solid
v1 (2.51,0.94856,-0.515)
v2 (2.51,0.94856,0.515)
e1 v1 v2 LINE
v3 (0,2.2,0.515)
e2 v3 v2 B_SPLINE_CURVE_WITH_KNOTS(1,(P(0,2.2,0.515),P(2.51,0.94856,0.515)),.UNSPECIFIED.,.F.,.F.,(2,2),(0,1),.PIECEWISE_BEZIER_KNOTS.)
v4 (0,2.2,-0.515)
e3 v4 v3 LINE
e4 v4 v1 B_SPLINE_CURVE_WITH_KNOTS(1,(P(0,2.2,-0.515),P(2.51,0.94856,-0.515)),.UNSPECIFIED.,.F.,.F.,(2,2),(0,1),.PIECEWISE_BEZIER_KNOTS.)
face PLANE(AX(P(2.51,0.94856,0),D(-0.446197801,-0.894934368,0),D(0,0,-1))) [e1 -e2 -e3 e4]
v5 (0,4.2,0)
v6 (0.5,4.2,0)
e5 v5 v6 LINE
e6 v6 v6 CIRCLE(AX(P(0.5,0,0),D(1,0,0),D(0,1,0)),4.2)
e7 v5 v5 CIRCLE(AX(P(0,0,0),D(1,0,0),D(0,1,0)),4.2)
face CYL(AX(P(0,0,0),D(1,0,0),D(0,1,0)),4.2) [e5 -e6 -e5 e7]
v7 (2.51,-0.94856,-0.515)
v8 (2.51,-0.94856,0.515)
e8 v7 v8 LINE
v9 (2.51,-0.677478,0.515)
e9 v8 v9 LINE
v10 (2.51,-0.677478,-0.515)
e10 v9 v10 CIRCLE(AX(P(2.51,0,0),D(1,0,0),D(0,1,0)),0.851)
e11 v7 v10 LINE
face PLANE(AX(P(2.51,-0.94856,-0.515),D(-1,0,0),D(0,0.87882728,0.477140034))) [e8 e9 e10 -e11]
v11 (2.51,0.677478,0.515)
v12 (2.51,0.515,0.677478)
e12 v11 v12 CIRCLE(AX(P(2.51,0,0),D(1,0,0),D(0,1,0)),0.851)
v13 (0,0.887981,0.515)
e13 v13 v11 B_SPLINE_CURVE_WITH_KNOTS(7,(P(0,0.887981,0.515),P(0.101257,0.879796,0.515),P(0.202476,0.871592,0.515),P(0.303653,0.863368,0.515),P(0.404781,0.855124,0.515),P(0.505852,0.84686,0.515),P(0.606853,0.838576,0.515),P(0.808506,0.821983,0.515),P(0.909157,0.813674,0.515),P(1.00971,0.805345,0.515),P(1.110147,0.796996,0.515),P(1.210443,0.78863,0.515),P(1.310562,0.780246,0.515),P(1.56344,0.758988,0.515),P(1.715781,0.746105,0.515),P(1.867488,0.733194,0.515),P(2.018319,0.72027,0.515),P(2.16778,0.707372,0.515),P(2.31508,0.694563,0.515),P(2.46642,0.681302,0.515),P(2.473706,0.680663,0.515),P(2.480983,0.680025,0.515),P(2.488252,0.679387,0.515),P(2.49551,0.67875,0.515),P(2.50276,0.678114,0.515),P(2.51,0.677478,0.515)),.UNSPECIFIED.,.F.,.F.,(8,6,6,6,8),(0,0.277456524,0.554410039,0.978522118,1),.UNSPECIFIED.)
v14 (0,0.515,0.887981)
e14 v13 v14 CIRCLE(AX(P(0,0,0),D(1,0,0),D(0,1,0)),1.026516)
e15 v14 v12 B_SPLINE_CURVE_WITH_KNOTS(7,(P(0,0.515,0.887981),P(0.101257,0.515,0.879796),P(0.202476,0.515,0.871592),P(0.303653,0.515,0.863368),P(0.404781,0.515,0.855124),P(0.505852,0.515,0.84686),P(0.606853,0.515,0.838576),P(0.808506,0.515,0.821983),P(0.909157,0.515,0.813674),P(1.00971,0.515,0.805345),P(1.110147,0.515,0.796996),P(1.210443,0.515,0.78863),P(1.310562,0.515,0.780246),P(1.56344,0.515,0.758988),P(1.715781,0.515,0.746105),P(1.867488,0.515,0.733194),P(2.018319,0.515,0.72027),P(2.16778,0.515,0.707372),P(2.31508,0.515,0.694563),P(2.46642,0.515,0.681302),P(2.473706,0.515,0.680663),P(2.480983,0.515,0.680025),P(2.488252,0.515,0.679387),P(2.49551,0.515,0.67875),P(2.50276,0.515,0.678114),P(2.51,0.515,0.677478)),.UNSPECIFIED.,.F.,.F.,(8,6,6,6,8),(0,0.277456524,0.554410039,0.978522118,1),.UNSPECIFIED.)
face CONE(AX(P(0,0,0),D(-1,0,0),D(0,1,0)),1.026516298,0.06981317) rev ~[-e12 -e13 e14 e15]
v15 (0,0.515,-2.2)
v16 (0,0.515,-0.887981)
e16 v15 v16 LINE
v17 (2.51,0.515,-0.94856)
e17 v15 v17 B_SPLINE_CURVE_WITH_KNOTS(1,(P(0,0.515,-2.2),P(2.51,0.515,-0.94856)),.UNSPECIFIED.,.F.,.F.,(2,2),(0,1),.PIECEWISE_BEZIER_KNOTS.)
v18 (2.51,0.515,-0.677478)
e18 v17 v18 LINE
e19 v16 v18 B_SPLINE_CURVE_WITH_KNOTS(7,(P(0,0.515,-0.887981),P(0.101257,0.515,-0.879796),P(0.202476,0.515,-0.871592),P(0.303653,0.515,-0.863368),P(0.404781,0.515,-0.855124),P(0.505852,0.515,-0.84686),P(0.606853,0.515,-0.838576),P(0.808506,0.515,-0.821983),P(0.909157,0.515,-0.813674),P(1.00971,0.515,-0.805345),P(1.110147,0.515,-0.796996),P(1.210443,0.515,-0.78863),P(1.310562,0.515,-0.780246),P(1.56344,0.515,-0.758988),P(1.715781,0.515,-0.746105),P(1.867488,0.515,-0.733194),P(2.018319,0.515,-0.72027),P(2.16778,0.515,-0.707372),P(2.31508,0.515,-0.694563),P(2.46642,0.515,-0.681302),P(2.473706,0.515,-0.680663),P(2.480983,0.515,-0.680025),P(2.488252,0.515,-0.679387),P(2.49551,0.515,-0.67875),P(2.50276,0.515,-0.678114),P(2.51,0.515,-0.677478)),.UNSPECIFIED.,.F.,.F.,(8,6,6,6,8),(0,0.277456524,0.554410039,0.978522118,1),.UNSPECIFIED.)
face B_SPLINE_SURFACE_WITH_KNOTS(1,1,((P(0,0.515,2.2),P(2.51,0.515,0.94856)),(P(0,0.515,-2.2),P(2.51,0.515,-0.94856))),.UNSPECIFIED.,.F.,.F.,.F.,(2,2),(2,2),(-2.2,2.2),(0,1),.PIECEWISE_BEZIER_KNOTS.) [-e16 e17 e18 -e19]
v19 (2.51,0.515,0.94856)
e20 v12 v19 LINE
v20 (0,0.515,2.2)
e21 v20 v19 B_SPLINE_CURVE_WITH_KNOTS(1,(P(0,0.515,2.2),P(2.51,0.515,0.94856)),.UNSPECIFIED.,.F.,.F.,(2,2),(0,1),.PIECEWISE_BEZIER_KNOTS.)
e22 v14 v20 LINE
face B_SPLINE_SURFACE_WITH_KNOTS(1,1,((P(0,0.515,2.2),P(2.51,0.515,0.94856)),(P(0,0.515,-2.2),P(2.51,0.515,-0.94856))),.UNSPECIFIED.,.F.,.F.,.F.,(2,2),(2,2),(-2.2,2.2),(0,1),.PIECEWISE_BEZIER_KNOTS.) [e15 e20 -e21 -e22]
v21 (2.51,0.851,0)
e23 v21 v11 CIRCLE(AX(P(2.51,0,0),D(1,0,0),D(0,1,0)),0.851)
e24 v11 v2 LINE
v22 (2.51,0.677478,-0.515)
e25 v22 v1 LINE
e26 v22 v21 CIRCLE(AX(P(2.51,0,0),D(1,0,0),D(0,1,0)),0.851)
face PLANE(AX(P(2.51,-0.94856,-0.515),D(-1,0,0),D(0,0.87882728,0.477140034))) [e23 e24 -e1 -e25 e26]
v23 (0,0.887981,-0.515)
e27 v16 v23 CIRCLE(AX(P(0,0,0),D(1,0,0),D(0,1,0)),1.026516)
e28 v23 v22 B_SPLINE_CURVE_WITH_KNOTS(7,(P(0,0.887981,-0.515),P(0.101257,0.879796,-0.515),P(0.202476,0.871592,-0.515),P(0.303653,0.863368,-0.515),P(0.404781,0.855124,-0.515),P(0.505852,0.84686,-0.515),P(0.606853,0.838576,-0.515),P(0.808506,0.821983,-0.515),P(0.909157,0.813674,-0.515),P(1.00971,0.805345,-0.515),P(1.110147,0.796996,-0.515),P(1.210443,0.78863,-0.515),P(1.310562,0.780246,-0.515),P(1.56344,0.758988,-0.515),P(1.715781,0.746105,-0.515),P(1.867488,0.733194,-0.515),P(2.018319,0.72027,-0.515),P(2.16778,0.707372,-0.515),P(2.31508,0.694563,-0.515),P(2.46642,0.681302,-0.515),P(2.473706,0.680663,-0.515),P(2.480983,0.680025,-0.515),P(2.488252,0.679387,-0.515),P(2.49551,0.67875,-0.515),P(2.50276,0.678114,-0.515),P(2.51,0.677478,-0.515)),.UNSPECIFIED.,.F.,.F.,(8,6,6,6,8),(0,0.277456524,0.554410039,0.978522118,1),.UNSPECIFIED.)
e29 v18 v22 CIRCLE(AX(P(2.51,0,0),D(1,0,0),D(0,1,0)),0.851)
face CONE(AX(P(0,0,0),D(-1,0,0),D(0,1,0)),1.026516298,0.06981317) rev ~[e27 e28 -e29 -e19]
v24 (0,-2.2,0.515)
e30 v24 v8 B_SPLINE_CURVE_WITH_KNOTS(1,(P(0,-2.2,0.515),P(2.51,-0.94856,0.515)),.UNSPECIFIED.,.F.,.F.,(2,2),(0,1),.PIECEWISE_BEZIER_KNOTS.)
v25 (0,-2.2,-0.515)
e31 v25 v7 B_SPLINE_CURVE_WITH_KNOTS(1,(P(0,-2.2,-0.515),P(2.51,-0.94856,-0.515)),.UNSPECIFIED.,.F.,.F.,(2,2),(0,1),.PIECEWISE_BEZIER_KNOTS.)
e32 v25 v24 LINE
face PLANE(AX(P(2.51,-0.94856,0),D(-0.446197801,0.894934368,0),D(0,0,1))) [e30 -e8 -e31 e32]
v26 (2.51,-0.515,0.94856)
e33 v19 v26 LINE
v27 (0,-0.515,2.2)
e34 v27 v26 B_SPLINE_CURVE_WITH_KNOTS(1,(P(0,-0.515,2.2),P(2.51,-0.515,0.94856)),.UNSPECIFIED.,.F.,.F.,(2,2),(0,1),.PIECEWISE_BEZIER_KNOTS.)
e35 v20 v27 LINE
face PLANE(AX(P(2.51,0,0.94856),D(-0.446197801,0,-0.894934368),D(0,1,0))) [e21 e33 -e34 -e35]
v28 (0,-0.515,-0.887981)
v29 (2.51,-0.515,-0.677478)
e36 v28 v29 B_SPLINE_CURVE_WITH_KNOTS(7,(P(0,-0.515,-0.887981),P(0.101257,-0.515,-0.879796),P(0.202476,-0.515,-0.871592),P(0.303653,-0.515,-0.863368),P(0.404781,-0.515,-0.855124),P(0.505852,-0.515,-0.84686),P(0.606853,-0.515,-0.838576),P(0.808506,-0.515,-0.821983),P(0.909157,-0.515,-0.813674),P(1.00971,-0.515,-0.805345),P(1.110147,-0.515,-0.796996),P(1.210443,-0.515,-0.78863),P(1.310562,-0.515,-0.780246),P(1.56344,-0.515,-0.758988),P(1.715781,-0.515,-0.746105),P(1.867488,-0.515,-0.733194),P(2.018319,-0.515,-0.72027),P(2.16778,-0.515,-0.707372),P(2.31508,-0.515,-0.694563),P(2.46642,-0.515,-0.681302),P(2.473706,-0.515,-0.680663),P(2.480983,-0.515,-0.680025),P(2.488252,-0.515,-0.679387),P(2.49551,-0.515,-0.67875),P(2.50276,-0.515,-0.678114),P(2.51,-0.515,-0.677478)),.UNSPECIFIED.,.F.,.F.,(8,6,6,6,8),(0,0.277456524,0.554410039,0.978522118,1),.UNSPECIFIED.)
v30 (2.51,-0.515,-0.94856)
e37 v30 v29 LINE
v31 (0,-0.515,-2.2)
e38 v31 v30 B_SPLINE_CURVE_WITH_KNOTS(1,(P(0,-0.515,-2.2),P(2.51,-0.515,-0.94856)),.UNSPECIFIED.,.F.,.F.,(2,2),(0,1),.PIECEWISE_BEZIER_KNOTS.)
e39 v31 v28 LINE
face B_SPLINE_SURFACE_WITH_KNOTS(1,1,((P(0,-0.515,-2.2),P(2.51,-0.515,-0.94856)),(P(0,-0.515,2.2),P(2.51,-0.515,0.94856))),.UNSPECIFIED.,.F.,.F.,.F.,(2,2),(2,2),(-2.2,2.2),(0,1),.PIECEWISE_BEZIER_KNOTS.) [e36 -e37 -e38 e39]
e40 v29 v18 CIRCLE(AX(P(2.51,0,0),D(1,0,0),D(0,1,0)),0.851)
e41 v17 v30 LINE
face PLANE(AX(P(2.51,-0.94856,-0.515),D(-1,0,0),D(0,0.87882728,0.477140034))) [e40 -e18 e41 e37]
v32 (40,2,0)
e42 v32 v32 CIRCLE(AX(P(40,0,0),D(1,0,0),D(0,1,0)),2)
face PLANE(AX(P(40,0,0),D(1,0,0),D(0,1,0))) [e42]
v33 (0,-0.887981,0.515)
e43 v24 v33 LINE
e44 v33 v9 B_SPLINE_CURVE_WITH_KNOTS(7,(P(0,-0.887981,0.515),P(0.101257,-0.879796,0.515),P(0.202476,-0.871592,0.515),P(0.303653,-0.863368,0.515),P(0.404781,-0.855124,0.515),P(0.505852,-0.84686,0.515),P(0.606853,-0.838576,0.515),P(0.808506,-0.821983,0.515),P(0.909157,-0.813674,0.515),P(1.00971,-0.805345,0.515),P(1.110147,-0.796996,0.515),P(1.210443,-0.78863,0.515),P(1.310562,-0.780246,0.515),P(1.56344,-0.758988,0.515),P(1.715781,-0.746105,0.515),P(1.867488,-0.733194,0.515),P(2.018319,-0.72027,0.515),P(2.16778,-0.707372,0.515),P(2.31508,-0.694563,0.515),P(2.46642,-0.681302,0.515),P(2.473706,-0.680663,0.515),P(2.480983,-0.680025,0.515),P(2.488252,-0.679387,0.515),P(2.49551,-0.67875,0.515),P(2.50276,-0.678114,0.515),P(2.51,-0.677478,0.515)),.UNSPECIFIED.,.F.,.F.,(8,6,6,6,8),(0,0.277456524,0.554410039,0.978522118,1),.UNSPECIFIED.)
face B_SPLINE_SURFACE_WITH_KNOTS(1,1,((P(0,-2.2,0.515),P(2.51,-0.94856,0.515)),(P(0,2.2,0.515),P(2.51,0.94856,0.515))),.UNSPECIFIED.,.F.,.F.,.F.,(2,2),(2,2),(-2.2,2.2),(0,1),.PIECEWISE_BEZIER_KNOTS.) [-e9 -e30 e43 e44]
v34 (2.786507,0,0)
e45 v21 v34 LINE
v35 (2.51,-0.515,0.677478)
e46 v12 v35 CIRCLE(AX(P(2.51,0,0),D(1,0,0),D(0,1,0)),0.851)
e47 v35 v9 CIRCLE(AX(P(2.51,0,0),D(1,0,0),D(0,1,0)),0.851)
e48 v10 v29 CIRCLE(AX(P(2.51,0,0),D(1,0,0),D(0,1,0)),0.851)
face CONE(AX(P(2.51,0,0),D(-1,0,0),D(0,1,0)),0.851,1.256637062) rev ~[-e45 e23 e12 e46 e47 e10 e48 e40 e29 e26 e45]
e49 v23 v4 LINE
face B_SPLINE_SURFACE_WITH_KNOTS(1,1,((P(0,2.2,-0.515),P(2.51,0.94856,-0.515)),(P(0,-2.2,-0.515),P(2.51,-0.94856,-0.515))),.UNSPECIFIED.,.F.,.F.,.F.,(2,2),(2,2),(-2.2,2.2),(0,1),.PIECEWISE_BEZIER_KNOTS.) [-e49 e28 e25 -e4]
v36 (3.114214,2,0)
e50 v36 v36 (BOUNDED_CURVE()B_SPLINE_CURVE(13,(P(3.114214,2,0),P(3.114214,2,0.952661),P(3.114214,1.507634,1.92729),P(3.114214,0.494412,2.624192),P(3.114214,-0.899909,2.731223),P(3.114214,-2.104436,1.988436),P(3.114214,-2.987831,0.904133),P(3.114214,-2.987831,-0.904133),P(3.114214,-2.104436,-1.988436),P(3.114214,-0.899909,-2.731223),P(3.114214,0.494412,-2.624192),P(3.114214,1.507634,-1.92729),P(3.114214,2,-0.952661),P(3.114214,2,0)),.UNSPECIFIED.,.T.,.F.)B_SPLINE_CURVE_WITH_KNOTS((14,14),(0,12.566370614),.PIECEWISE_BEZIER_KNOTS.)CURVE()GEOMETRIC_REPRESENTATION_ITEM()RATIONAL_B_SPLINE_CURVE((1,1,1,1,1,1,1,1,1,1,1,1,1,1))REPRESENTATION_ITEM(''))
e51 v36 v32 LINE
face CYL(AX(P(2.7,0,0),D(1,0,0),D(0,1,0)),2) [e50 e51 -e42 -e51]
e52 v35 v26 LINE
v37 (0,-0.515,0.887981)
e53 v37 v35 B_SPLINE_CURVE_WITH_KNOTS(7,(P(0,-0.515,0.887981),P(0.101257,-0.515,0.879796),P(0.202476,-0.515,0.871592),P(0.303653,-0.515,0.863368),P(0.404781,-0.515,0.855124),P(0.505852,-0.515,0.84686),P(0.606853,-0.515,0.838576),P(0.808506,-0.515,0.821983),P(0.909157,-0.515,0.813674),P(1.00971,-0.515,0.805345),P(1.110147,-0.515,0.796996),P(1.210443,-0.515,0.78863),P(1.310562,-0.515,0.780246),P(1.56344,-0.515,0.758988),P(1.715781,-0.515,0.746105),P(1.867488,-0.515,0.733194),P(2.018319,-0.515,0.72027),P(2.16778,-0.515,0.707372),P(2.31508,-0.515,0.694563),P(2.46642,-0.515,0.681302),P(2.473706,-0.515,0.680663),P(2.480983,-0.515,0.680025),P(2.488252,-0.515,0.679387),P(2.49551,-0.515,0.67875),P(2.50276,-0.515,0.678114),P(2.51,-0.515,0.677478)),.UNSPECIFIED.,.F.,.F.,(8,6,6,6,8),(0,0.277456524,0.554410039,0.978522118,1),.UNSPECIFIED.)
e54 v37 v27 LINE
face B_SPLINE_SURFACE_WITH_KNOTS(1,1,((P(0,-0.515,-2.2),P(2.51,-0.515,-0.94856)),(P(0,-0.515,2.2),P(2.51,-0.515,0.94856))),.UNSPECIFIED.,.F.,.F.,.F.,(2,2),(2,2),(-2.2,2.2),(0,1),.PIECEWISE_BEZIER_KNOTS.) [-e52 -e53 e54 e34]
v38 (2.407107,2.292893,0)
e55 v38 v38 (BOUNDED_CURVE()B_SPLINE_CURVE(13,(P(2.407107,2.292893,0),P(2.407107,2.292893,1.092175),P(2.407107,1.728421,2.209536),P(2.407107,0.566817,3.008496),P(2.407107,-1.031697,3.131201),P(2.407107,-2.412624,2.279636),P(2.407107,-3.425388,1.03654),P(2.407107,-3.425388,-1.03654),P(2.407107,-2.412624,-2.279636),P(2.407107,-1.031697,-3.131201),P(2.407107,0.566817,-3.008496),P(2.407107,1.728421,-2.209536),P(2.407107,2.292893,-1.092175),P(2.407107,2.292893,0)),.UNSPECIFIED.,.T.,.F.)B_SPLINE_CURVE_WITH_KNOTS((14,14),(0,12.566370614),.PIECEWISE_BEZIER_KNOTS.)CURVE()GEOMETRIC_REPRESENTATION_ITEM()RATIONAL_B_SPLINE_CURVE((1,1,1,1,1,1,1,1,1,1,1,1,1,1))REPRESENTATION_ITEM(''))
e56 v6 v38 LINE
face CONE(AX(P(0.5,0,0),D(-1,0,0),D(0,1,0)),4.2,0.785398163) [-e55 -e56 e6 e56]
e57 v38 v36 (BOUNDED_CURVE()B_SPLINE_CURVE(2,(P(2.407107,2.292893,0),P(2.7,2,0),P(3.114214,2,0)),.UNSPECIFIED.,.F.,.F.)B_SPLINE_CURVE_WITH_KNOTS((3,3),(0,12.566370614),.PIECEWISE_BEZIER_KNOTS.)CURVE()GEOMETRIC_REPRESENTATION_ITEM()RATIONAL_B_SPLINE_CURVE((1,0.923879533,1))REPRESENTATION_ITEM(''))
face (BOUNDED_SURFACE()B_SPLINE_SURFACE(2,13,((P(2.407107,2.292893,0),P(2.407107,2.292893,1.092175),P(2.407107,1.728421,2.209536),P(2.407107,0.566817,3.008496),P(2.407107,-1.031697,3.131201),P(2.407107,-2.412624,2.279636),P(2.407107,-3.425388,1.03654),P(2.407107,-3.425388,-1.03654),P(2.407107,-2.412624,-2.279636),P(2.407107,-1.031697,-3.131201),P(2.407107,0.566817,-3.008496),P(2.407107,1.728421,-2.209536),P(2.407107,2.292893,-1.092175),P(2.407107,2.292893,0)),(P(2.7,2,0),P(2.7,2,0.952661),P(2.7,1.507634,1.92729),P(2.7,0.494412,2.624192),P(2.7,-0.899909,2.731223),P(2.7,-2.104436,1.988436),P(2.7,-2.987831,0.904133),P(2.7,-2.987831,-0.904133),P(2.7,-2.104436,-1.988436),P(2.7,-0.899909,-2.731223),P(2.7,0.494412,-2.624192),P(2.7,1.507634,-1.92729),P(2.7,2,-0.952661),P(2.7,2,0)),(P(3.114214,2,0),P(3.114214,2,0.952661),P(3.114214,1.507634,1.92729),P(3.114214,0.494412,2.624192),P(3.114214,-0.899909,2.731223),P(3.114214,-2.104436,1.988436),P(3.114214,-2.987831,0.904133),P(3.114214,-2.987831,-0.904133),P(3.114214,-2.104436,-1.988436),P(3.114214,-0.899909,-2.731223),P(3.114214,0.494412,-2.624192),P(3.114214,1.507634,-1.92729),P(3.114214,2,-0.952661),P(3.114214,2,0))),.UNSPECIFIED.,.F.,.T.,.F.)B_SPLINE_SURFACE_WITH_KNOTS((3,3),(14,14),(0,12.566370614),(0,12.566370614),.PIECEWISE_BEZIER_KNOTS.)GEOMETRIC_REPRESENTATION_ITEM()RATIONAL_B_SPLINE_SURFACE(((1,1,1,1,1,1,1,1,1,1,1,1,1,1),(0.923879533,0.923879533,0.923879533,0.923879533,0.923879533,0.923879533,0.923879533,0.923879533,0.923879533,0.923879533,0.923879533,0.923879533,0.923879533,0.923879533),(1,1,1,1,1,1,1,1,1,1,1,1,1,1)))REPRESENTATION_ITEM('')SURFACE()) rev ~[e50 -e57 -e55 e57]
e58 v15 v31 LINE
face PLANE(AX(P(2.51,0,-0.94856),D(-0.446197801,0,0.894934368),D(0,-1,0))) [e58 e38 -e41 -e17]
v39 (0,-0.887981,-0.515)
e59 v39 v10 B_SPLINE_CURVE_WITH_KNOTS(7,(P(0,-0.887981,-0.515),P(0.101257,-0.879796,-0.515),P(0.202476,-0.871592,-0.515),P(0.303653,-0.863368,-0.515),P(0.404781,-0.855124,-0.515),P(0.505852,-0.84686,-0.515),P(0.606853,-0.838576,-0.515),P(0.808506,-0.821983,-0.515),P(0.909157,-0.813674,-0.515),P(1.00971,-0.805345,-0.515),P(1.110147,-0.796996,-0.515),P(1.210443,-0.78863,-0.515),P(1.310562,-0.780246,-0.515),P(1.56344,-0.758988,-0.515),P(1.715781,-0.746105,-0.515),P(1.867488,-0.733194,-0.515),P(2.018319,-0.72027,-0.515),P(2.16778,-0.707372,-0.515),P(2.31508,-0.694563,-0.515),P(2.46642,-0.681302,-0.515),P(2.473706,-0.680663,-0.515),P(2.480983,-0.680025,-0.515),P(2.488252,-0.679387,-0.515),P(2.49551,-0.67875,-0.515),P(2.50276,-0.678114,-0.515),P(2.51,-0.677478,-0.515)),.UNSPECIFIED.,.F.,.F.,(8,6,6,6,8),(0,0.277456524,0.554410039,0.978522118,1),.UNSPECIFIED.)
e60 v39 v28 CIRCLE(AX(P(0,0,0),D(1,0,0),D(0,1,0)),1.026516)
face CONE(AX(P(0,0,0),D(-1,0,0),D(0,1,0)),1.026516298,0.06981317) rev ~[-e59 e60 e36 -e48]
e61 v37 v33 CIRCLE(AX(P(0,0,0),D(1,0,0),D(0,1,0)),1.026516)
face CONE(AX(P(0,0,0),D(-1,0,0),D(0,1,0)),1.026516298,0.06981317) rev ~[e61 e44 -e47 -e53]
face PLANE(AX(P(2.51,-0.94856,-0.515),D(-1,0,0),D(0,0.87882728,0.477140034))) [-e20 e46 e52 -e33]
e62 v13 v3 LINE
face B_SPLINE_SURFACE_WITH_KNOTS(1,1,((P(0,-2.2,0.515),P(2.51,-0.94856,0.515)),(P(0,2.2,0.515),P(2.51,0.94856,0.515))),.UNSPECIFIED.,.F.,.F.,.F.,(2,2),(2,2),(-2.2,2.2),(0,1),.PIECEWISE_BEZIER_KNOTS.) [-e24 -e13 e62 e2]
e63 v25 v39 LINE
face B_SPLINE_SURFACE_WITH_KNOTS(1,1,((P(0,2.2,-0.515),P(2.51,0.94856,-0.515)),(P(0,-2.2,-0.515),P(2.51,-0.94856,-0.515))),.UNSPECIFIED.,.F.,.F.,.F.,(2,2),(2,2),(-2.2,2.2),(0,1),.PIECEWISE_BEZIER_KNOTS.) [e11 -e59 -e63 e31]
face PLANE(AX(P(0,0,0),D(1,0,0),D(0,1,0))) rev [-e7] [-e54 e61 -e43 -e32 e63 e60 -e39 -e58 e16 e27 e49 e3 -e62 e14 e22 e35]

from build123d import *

# Parameters (mm, degrees)
FILLET1_R    = 1
SKETCH3_W    = 1.03
SKETCH3_H    = 4.4
SKETCH4_W    = 1.03
SKETCH4_H    = 1.897120414
RECPAT_COUNT = 2
RECPAT_ANGLE = 90


with BuildPart() as part:
    # BodySke → Base-Revolve (revolve)
    with BuildSketch(Plane.XY):
        Polygon((0, 0), (0, 4.2), (0.5, 4.2), (2.7, 2), (40, 2), (40, 0), align=None)
    revolve(axis=Axis((-6.35, 0, 0), (1, 0, 0)))

    # Fillet1
    fillet1_edges = [part.edges().sort_by_distance(p)[0] for p in [
        (2.7, -2, 0),
    ]]
    fillet(fillet1_edges, radius=FILLET1_R)

    # Sketch3 → Recess section 0
    with BuildSketch(Plane.ZY):
        Rectangle(SKETCH3_W, SKETCH3_H)
    # Sketch4 → Recess section 1
    with BuildSketch(Plane.ZY.offset(-2.51)):
        Rectangle(SKETCH4_W, SKETCH4_H)
    recess = loft(mode=Mode.SUBTRACT)

    # RecPat: Recess ×2 about axis
    recpat_axis = Axis((0, 0, 0), (1, 0, 0))
    for i in range(1, RECPAT_COUNT):
        add(recess.rotate(recpat_axis, i * RECPAT_ANGLE / (RECPAT_COUNT - 1)), mode=Mode.SUBTRACT)

    # RecCorSke → RecessCore (revolve, cut)
    with BuildSketch(Plane.XY):
        Polygon((0, 0), (0, 1.026516298), (2.51, 0.851), (2.786506661, 0), align=None)
    revolve(axis=Axis((-3.175, 0, 0), (1, 0, 0)), mode=Mode.SUBTRACT)


solid = part.part
